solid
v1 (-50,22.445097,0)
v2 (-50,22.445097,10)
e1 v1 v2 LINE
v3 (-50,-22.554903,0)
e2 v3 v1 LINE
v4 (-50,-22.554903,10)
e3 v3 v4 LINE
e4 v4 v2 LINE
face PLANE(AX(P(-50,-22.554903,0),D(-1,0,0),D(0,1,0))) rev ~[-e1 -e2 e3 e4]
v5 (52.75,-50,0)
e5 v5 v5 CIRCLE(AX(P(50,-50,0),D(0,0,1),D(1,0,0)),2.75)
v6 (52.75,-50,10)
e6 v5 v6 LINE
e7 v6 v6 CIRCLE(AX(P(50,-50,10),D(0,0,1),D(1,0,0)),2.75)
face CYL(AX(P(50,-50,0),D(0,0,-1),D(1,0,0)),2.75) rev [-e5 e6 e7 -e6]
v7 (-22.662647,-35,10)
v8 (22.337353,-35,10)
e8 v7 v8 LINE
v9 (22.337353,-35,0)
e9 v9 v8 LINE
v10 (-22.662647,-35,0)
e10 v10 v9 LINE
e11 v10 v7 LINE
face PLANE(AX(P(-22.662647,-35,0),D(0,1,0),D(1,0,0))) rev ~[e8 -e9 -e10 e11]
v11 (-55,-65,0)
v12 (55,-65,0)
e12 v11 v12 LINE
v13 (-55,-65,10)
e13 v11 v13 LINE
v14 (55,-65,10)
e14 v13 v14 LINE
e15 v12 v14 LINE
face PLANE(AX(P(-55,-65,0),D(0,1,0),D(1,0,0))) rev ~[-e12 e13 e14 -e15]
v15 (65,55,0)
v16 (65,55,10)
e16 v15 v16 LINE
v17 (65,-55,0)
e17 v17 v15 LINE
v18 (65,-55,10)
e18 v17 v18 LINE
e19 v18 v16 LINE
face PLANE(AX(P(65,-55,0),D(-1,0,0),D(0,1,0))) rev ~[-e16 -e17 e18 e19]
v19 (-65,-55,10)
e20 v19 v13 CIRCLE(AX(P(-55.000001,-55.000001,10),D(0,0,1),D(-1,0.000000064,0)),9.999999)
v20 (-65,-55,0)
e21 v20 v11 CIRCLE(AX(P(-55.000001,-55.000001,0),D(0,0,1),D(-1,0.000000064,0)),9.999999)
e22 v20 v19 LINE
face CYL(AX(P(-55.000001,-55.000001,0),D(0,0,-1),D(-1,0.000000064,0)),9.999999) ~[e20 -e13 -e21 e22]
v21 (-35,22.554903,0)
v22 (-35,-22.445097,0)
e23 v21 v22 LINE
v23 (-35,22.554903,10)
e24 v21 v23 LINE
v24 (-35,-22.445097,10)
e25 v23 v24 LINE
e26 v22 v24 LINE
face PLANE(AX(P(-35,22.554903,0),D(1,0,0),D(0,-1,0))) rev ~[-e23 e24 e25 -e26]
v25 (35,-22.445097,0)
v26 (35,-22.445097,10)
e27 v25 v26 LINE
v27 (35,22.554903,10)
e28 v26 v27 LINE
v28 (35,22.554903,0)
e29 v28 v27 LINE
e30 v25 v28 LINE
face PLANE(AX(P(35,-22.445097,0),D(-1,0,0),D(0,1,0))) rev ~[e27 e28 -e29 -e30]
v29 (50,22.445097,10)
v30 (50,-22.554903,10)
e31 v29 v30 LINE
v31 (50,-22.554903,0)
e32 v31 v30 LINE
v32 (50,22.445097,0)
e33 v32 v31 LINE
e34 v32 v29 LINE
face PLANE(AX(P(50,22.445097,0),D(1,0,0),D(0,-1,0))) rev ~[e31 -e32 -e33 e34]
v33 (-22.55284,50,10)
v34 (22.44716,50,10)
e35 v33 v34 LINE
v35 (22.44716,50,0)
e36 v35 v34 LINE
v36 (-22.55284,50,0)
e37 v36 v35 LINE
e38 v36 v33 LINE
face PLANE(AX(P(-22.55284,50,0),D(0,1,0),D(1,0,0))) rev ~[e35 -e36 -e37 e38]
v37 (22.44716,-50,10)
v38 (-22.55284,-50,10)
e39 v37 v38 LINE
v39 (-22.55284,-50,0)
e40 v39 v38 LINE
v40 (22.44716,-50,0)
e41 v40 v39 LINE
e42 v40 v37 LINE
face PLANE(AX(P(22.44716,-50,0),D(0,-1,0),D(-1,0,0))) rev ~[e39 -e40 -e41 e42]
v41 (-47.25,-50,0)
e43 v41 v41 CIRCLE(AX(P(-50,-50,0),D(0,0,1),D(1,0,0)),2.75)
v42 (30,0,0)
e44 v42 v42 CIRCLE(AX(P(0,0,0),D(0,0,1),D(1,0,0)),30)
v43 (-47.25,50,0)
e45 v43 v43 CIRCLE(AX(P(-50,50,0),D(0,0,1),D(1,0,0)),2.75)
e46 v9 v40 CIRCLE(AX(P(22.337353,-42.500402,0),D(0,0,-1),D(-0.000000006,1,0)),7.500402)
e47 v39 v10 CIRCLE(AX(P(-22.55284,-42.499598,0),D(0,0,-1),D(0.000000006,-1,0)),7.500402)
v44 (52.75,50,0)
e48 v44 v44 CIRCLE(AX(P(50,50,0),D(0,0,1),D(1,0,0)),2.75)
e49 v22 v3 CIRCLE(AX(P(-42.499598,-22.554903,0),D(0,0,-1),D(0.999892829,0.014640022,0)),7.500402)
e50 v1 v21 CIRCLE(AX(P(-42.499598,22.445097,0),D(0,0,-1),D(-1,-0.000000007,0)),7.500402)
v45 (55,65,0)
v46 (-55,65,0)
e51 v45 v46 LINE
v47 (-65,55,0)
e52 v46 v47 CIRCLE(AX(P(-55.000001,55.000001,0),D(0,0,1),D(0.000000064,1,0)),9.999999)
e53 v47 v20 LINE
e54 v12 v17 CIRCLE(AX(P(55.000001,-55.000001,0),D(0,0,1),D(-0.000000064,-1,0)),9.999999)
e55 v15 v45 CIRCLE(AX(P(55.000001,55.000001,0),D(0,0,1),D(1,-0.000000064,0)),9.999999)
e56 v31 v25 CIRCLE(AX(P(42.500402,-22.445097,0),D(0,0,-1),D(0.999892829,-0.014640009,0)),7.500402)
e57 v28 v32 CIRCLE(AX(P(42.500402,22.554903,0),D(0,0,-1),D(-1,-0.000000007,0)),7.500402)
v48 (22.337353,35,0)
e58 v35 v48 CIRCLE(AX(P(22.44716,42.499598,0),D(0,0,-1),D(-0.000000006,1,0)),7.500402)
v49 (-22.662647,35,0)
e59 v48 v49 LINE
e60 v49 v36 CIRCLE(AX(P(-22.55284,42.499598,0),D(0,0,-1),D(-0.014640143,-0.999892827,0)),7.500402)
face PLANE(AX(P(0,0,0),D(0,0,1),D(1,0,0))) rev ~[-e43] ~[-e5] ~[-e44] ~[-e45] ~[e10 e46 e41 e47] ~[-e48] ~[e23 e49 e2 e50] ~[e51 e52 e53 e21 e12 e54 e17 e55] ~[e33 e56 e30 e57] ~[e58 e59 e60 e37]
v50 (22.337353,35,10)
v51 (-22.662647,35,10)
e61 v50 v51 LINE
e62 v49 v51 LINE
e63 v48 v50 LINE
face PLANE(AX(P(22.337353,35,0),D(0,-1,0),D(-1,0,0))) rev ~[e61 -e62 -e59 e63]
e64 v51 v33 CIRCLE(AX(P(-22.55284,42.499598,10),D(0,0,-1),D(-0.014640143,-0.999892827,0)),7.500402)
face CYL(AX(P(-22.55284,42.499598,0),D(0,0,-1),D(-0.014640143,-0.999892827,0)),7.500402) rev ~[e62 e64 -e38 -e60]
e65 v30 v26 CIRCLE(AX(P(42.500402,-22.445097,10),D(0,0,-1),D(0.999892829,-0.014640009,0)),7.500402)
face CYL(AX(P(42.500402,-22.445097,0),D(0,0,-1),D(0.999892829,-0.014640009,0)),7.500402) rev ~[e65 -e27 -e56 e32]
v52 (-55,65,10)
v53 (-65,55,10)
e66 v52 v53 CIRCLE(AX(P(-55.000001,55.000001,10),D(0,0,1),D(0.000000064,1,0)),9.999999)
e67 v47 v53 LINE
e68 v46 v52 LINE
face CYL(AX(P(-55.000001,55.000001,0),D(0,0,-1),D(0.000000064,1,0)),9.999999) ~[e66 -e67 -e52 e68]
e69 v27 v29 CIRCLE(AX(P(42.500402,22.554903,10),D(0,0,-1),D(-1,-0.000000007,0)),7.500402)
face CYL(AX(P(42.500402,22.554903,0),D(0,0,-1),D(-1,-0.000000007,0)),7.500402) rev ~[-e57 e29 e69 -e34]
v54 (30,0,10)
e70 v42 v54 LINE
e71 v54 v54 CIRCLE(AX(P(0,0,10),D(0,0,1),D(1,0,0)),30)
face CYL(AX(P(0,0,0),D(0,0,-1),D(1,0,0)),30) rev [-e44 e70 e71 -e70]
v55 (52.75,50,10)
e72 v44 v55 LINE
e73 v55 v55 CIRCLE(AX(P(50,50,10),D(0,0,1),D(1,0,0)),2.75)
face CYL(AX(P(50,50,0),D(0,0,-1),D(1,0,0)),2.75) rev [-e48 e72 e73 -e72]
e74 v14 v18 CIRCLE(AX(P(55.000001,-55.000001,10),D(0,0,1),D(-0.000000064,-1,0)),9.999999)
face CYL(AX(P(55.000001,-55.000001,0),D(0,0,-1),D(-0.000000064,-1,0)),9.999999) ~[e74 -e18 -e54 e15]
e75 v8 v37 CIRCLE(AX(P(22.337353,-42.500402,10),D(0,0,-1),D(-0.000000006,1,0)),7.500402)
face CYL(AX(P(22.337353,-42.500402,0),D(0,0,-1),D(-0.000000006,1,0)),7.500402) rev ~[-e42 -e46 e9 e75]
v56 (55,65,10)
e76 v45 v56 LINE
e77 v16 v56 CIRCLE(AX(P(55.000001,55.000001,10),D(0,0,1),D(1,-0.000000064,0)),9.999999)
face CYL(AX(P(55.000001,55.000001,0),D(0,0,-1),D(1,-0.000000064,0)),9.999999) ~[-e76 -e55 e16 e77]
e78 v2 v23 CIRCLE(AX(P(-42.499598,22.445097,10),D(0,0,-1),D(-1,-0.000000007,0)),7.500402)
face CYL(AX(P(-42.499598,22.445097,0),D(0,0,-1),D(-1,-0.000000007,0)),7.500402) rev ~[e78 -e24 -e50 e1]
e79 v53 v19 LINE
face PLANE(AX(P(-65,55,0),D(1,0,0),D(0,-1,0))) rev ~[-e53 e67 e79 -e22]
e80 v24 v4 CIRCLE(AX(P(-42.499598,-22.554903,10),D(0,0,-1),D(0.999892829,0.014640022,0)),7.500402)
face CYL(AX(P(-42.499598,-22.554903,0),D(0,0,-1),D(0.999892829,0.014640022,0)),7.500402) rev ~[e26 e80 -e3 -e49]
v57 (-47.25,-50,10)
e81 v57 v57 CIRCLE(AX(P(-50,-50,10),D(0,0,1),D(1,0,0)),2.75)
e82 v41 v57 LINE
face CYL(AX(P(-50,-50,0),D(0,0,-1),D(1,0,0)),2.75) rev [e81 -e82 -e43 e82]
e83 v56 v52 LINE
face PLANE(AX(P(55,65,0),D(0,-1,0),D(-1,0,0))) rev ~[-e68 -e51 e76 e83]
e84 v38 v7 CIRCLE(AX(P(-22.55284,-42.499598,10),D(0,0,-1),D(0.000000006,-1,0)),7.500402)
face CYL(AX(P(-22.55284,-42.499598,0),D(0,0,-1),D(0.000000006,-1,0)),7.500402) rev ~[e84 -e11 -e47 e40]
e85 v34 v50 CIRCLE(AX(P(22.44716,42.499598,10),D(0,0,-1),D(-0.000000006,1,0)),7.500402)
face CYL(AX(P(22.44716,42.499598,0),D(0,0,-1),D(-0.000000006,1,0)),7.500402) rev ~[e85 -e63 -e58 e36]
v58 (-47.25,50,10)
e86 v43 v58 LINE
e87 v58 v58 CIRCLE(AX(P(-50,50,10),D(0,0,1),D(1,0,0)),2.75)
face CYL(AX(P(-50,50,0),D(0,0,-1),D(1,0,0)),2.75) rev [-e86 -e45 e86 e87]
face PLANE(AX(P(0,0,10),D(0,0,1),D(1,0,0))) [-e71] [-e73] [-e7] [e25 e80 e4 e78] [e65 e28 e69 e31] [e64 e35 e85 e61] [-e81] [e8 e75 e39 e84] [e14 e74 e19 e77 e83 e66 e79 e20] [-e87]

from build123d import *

# Parameters (mm, degrees)
F0_R     = 2.75
F0_R_2   = 30
F1_DEPTH = 10


with BuildPart() as f1:
    # F0 (on Top) → F1 (new body)
    with BuildSketch(Plane.XY):
        with BuildLine():
            Line((-55, -65), (55, -65))
            ThreePointArc((55, -65), (62.071068, -62.071068), (65, -55))
            Line((65, -55), (65, 55))
            ThreePointArc((65, 55), (62.071068, 62.071068), (55, 65))
            Line((55, 65), (-55, 65))
            ThreePointArc((-55, 65), (-62.071068, 62.071068), (-65, 55))
            Line((-65, 55), (-65, -55))
            ThreePointArc((-65, -55), (-62.071068, -62.071068), (-55, -65))
        make_face()
        with Locations((-50, -50)):
            Circle(F0_R, mode=Mode.SUBTRACT)
        with BuildLine():
            Line((-22.662647, -35), (22.337353, -35))
            ThreePointArc((22.337353, -35), (29.837554, -42.445497), (22.44716, -50))
            Line((22.44716, -50), (-22.55284, -50))
            ThreePointArc((-22.55284, -50), (-30.053041, -42.554503), (-22.662647, -35))
        make_face(mode=Mode.SUBTRACT)
        with BuildLine():
            Line((-35, 22.554903), (-35, -22.445097))
            ThreePointArc((-35, -22.445097), (-42.444693, -30.055104), (-50, -22.554903))
            Line((-50, -22.554903), (-50, 22.445097))
            ThreePointArc((-50, 22.445097), (-42.554503, 29.945298), (-35, 22.554903))
        make_face(mode=Mode.SUBTRACT)
        with Locations((50, -50)):
            Circle(F0_R, mode=Mode.SUBTRACT)
        with Locations((-50, 50)):
            Circle(F0_R, mode=Mode.SUBTRACT)
        with BuildLine():
            ThreePointArc((22.44716, 50), (29.947361, 42.444693), (22.337353, 35))
            Line((22.337353, 35), (-22.662647, 35))
            ThreePointArc((-22.662647, 35), (-30.053041, 42.554503), (-22.55284, 50))
            Line((-22.55284, 50), (22.44716, 50))
        make_face(mode=Mode.SUBTRACT)
        Circle(F0_R_2, mode=Mode.SUBTRACT)
        with BuildLine():
            Line((50, 22.445097), (50, -22.554903))
            ThreePointArc((50, -22.554903), (42.445497, -29.945298), (35, -22.445097))
            Line((35, -22.445097), (35, 22.554903))
            ThreePointArc((35, 22.554903), (42.555307, 30.055104), (50, 22.445097))
        make_face(mode=Mode.SUBTRACT)
        with Locations((50, 50)):
            Circle(F0_R, mode=Mode.SUBTRACT)
    extrude(amount=F1_DEPTH)


solid = f1.part
